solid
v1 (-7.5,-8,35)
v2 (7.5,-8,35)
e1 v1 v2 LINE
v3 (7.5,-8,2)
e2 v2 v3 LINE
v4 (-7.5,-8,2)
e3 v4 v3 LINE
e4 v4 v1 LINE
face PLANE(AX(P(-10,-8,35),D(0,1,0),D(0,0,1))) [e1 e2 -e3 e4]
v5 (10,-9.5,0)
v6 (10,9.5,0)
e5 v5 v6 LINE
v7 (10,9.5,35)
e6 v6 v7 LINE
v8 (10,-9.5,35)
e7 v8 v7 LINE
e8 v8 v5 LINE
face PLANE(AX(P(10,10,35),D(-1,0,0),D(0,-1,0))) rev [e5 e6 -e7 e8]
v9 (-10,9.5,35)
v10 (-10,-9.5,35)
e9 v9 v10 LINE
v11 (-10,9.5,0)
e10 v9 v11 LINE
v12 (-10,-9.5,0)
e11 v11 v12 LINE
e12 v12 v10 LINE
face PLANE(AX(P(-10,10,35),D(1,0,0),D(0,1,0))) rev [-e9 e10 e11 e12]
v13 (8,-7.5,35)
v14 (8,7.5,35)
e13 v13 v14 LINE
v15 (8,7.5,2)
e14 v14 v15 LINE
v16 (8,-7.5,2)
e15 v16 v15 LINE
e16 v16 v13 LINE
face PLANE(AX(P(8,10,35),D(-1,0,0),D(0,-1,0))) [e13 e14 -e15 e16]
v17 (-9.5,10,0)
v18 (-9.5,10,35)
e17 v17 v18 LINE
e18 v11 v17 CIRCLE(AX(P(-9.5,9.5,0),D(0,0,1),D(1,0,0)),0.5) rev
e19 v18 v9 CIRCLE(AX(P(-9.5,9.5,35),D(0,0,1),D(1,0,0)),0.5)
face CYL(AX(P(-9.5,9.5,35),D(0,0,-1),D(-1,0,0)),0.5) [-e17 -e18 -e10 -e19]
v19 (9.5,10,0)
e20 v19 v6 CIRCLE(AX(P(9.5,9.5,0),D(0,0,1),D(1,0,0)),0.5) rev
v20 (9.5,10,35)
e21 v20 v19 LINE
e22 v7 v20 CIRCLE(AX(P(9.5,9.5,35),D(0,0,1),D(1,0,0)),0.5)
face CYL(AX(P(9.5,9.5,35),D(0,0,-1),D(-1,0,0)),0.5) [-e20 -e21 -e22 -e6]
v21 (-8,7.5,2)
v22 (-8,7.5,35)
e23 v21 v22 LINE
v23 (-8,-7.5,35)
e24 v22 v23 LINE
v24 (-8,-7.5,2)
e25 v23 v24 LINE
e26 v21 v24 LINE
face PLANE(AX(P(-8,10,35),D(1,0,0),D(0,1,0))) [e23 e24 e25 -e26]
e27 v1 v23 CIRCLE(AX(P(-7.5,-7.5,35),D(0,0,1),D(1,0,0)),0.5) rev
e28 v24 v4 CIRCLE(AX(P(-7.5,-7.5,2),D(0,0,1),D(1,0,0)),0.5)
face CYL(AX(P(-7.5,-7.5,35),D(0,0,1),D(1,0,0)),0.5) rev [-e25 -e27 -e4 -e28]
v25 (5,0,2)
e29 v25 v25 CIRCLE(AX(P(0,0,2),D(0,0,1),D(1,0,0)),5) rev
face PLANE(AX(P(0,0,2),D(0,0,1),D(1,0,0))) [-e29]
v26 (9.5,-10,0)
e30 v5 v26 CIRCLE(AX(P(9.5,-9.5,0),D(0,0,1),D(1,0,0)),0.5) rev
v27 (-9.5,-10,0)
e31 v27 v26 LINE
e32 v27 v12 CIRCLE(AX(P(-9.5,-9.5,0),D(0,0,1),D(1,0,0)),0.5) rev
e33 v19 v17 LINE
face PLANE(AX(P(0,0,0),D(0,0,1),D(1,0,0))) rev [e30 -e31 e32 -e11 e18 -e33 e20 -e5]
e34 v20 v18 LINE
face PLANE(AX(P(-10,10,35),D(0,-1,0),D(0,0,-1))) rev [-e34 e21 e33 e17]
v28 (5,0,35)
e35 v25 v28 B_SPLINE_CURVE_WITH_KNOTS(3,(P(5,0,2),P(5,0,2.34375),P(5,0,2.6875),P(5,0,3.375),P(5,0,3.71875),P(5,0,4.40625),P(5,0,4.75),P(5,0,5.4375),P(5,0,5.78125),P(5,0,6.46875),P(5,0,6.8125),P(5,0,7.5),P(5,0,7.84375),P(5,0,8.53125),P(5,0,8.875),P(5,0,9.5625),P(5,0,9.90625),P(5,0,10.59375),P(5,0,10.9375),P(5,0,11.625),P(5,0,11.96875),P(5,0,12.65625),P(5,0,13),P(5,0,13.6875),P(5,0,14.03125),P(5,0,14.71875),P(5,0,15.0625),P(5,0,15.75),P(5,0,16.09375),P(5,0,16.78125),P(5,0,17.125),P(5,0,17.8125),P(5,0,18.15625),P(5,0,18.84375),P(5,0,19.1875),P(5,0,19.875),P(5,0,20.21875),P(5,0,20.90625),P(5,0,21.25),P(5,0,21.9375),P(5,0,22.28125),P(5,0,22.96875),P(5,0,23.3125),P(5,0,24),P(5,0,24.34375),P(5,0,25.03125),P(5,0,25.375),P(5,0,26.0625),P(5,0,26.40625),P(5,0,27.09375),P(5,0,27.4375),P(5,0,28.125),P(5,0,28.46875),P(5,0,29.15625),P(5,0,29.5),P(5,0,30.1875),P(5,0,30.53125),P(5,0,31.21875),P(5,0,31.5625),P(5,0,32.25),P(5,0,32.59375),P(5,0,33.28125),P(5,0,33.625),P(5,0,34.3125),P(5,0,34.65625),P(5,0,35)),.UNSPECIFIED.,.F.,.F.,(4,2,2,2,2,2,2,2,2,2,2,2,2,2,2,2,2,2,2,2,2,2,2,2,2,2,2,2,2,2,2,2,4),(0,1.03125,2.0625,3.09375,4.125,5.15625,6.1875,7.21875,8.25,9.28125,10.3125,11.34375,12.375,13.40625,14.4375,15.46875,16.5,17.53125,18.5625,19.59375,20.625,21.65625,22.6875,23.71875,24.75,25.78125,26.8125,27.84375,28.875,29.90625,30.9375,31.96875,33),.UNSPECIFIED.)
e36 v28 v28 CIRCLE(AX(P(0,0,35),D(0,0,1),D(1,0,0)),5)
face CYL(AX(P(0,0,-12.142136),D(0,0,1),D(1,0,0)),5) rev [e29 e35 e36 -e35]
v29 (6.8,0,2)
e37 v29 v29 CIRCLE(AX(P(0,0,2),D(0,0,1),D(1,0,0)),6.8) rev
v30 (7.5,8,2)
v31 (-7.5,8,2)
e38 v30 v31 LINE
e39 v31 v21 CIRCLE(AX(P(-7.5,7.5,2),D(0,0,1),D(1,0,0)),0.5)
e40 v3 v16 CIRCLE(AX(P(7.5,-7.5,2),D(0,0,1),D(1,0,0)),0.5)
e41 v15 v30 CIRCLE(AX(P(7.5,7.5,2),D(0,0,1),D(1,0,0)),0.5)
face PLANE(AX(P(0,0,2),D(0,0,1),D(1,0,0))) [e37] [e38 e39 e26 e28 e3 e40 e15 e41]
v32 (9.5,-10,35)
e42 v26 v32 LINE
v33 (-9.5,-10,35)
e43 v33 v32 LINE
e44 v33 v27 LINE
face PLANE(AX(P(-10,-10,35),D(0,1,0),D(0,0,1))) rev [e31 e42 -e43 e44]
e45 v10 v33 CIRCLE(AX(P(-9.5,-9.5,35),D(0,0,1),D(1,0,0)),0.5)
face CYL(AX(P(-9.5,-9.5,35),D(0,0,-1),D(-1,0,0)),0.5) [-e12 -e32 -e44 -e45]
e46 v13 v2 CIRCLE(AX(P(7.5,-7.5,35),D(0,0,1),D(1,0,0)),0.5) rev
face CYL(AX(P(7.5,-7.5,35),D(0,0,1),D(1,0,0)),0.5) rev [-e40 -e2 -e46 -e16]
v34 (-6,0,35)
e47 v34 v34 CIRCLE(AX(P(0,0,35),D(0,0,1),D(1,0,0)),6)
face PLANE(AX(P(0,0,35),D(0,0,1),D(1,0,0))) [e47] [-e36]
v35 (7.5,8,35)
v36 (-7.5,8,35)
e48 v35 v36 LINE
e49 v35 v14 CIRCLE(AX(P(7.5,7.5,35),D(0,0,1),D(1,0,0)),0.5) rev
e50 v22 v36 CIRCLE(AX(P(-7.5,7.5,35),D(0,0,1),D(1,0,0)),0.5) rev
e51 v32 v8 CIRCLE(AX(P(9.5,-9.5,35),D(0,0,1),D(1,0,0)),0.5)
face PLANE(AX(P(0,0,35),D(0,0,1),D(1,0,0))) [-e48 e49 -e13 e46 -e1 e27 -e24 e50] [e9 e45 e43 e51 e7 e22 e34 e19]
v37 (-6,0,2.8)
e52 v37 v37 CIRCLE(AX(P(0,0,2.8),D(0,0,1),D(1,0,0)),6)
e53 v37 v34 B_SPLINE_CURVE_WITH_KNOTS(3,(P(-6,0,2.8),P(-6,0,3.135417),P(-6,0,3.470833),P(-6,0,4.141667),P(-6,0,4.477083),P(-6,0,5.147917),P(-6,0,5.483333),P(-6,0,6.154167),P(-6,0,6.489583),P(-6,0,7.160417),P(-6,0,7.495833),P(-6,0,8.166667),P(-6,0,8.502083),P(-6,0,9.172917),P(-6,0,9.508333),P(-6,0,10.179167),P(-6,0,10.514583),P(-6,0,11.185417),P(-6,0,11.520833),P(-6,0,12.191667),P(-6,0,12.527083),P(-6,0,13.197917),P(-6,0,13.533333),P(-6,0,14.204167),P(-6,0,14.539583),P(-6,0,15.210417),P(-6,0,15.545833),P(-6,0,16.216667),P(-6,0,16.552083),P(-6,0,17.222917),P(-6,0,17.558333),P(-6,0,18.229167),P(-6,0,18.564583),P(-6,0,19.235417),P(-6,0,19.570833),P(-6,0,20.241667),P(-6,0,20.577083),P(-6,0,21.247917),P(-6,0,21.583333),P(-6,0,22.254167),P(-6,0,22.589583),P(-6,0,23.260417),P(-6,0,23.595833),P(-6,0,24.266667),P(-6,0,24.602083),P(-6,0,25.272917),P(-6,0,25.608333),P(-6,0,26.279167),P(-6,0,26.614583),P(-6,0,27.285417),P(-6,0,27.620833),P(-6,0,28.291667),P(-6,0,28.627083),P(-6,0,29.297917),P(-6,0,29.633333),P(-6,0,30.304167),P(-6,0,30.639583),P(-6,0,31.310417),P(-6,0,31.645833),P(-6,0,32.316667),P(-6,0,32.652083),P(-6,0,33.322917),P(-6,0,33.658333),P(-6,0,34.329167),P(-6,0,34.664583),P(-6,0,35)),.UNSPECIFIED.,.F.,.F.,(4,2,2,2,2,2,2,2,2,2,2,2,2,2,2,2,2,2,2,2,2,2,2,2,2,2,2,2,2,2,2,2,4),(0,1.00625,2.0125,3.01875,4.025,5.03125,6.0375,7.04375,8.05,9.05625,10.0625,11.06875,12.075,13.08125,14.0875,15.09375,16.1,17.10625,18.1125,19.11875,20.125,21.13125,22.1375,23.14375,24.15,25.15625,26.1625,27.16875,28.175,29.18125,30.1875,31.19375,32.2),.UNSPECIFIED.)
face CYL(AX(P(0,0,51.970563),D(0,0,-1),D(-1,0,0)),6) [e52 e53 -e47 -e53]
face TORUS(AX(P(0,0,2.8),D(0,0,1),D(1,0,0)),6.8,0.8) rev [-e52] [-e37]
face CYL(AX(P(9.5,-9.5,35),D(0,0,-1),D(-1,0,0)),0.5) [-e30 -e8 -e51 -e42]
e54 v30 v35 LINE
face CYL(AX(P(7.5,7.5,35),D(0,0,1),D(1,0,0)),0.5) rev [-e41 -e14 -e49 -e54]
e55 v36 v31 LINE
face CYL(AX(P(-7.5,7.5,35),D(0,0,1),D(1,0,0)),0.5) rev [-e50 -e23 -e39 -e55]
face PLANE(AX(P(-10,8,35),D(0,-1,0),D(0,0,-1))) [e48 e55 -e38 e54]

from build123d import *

# Parameters (mm, degrees)
ESQUISSE1_W             = 20
ESQUISSE1_H             = 20
BOSS_EXTRU_1_DEPTH      = 35
COQUE2_T                = -2
CONG_1_R                = 0.5
ESQUISSE2_R             = 6
BOSS_EXTRU_2_DEPTH      = 33
ESQUISSE3_R             = 5
ENL_V_MAT_EXTRU_3_DEPTH = 33
CONG_2_R                = 0.8


with BuildPart() as part:
    # Esquisse1 → Boss.-Extru.1 (new body)
    with BuildSketch(Plane.XY):
        Rectangle(ESQUISSE1_W, ESQUISSE1_H)
    extrude(amount=BOSS_EXTRU_1_DEPTH)

    # Coque2
    coque2_openings = [part.faces().sort_by_distance(p)[0] for p in [
        (0, 0, 35),
    ]]
    offset(amount=COQUE2_T, openings=coque2_openings, kind=Kind.INTERSECTION)

    # Congé1
    cong_1_edges = [part.edges().sort_by_distance(p)[0] for p in [
        (-8, 8, 18.5),
        (-8, -8, 18.5),
        (8, -8, 18.5),
        (8, 8, 18.5),
        (-10, 10, 17.5),
        (10, 10, 17.5),
        (10, -10, 17.5),
        (-10, -10, 17.5),
    ]]
    fillet(cong_1_edges, radius=CONG_1_R)

    # Esquisse2 → Boss.-Extru.2 (add)
    with BuildSketch(Plane.XY.offset(2)):
        with Locations(Location((0, 0, 0), (0, 0, 180))):
            Circle(ESQUISSE2_R)
    extrude(amount=BOSS_EXTRU_2_DEPTH)

    # Esquisse3 → Enlèv. mat.-Extru.3 (cut)
    with BuildSketch(Plane.XY.offset(35)):
        Circle(ESQUISSE3_R)
    extrude(amount=-ENL_V_MAT_EXTRU_3_DEPTH, mode=Mode.SUBTRACT)

    # Congé2
    cong_2_edges = [part.edges().sort_by_distance(p)[0] for p in [
        (6, 0, 2),
    ]]
    fillet(cong_2_edges, radius=CONG_2_R)


solid = part.part
